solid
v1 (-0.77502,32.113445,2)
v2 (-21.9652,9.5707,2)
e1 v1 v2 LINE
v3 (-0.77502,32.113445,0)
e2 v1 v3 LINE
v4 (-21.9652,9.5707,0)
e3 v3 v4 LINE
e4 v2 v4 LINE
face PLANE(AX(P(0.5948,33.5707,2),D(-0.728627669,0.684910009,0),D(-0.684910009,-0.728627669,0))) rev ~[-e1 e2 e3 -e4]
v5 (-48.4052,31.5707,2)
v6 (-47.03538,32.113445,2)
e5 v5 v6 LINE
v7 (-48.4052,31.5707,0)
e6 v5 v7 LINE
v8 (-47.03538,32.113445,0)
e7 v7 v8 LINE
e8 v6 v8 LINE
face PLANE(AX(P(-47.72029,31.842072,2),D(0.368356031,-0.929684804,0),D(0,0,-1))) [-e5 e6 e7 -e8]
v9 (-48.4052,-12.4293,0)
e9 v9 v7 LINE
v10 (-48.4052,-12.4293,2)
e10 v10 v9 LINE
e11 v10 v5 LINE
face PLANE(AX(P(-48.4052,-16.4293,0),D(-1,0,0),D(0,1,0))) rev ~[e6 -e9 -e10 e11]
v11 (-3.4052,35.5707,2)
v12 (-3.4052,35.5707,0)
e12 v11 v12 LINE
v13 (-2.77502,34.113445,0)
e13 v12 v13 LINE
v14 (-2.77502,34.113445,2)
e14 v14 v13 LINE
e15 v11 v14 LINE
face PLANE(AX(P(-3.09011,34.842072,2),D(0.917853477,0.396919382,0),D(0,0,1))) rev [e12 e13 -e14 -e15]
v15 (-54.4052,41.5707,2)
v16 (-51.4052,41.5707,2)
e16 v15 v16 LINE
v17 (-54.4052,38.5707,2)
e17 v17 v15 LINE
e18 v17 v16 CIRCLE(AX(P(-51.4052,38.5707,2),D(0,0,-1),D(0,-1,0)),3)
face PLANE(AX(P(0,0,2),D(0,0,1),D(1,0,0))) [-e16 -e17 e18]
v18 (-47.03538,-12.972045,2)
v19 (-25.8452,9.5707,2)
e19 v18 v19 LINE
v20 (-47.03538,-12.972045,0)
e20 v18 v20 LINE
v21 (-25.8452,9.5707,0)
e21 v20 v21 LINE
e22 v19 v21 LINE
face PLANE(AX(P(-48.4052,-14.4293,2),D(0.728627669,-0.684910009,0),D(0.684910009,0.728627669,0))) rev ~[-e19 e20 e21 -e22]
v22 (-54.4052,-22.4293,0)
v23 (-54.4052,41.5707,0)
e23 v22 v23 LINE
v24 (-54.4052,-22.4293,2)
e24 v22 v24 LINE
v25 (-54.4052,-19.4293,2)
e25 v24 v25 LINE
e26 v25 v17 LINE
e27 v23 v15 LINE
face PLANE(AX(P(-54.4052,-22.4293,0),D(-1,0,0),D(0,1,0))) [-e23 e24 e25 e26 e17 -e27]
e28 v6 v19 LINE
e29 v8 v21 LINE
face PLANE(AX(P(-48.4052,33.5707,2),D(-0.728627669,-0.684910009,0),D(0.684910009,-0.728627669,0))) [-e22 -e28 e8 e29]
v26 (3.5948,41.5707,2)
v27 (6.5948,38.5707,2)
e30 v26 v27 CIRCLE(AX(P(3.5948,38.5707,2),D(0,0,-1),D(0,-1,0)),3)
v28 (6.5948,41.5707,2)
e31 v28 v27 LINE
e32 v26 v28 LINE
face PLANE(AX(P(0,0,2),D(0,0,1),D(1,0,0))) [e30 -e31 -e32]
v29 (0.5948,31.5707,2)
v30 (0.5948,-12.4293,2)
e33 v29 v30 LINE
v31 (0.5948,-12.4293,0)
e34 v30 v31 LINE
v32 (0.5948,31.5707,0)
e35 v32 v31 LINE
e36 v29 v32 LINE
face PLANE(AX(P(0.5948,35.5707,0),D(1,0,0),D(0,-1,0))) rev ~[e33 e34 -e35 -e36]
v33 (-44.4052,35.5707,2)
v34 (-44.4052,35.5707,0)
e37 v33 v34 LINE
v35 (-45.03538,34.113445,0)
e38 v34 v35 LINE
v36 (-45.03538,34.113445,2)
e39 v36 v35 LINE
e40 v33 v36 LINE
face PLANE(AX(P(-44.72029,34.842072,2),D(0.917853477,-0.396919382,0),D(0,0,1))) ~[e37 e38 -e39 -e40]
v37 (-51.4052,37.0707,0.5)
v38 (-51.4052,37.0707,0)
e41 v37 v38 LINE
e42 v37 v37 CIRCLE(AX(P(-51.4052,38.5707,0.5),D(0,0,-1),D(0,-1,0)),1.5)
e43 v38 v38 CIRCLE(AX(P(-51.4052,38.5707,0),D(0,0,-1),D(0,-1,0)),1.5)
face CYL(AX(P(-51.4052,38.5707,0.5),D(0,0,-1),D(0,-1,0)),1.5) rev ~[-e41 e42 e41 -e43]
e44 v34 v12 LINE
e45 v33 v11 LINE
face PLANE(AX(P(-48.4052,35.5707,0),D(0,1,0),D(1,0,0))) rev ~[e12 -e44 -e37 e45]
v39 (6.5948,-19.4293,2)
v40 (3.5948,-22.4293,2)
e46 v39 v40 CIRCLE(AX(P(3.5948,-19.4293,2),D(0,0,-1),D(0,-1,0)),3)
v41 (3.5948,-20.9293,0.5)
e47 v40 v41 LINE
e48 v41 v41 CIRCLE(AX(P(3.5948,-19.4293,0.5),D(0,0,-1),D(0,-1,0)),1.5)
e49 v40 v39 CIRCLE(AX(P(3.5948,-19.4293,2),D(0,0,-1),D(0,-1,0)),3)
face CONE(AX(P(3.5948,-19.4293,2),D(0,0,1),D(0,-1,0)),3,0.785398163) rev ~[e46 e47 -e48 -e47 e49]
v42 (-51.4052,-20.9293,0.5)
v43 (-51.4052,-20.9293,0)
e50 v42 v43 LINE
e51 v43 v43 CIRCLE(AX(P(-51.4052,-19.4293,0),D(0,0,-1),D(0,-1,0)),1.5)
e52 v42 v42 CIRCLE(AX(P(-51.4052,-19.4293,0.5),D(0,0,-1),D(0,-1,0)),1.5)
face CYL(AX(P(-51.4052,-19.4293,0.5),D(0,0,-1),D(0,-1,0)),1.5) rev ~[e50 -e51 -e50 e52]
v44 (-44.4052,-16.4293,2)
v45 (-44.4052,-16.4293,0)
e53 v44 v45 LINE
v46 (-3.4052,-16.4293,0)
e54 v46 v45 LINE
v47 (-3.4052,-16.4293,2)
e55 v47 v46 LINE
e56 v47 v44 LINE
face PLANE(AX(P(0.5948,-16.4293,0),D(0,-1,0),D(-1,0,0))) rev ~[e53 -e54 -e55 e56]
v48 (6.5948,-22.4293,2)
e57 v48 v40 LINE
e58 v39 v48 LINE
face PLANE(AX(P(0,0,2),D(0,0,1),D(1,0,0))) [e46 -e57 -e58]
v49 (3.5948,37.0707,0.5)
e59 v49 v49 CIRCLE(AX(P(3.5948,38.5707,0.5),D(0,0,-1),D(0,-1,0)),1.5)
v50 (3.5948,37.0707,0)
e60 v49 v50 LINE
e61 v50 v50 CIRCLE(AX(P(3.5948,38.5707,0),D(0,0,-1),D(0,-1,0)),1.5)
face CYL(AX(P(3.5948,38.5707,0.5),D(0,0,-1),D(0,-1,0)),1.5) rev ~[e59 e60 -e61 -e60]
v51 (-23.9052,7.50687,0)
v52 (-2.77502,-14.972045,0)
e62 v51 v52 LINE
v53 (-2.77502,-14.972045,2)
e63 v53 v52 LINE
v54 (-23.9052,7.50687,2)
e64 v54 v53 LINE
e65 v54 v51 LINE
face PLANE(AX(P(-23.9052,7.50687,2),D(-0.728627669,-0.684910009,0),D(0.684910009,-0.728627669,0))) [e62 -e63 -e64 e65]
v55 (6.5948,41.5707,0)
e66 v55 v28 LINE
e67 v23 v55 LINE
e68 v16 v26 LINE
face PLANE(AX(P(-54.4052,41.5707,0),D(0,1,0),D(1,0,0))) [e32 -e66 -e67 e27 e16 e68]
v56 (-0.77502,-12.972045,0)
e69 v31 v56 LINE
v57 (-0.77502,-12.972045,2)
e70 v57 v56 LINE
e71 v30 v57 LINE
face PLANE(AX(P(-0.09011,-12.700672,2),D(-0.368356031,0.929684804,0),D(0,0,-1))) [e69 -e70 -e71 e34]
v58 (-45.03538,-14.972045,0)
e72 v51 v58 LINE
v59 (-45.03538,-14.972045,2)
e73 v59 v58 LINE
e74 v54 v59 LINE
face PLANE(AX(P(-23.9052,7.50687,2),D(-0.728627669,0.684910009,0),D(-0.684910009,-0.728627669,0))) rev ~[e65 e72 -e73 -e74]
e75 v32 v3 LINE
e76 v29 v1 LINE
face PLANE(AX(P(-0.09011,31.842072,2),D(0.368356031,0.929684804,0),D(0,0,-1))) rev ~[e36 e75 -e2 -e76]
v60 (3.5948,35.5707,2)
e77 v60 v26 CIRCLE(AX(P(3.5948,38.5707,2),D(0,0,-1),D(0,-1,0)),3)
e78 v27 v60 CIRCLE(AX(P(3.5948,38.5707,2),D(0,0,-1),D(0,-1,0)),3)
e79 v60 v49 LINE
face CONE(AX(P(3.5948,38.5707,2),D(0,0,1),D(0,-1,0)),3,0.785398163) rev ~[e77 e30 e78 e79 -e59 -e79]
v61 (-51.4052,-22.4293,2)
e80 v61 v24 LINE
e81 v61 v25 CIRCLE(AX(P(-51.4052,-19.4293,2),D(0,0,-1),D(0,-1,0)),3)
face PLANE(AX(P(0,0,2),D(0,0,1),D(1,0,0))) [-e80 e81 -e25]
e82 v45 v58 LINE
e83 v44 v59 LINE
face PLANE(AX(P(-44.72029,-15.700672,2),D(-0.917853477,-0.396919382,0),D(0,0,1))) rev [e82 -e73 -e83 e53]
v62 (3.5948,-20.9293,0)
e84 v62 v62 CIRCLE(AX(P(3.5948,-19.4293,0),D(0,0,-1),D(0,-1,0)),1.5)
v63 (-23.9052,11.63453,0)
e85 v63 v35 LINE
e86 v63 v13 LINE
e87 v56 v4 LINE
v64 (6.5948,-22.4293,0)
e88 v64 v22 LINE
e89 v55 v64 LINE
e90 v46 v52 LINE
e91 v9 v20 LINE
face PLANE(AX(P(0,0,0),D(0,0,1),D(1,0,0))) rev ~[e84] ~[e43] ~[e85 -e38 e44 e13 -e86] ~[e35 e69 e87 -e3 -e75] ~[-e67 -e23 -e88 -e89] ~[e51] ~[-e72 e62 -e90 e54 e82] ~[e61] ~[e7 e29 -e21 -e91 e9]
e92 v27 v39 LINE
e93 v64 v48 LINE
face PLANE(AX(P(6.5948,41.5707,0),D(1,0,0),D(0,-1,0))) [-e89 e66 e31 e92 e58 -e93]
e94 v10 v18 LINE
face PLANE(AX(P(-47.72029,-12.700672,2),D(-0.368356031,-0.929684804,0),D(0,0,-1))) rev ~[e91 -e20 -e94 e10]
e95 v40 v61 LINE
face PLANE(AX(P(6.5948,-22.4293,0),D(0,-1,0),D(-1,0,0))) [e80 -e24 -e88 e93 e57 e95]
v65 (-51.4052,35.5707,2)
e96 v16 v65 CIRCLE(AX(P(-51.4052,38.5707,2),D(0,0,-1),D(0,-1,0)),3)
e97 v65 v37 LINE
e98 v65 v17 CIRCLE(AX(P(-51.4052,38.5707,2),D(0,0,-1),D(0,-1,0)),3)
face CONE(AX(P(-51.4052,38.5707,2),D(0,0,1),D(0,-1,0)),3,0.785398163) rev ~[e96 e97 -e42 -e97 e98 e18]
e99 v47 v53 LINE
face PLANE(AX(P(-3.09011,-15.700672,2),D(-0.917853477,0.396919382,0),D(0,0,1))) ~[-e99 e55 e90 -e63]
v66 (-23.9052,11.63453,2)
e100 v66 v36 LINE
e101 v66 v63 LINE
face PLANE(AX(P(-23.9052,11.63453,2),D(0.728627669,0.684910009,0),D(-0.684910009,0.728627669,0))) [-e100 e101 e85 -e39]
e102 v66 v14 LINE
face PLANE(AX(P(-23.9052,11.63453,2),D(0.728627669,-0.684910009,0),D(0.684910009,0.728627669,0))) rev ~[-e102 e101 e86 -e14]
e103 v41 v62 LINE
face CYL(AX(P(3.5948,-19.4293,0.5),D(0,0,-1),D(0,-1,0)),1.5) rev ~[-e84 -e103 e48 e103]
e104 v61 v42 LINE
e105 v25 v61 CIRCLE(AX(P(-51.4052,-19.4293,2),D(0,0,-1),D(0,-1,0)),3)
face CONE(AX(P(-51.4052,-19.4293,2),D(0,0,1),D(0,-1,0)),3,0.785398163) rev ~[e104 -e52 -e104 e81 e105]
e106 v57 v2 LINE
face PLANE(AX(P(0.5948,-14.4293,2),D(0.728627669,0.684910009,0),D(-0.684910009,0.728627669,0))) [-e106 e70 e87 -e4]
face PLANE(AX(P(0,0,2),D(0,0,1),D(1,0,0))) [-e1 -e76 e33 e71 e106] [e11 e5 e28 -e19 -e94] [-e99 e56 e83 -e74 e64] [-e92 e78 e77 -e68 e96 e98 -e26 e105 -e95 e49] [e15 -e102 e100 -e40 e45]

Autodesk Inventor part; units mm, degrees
ref_plane "YZ Plane" through (0, 0, 0) normal (1, 0, 0) x (0, 1, 0)
ref_plane "XZ Plane" through (0, 0, 0) normal (0, 1, 0) x (-1, 0, 0)
ref_plane "XY Plane" through (0, 0, 0) normal (0, 0, 1) x (1, 0, 0)
sketch "Sketch1" plane through (0, 0, 0) normal (0, 0, 1) x (1, 0, 0)
  line L0 (-51.4052, 38.5707) -> (3.5948, 38.5707)
  line L1 (3.5948, 38.5707) -> (3.5948, -19.4293)
  line L2 (3.5948, -19.4293) -> (-51.4052, -19.4293)
  line L3 (-51.4052, -19.4293) -> (-51.4052, 38.5707)
  line L4 (-54.4052, 41.5707) -> (6.5948, 41.5707)
  line L5 (6.5948, 41.5707) -> (6.5948, -22.4293)
  line L6 (6.5948, -22.4293) -> (-54.4052, -22.4293)
  line L7 (-54.4052, -22.4293) -> (-54.4052, 41.5707)
  line L8 (-48.4052, 35.5707) -> (0.5948, 35.5707)
  line L9 (0.5948, 35.5707) -> (0.5948, -16.4293)
  line L10 (0.5948, -16.4293) -> (-48.4052, -16.4293)
  line L11 (-48.4052, -16.4293) -> (-48.4052, 35.5707)
  point P0 (0, 0)
  dimension "d0" = 55
  dimension "d1" = 58
  dimension "d2" = 3
  dimension "d3" = 3
  dimension "d4" = 3
  dimension "d5" = 3
  dimension "d6" = 3
  dimension "d7" = 3
  dimension "d8" = 3
  dimension "d9" = 3
extrude "Extrusion1" add sketch "Sketch1" along normal blind 2 contours L0 L1 L2 L3 | L4 L5 L6 L7
sketch "Sketch2" plane through (0, 0, 2) normal (0, 0, 1) x (1, 0, 0)
  line L0 (-54.4052, 41.5707) -> (-54.4052, -22.4293) projected
  line L1 (6.5948, 41.5707) -> (-54.4052, 41.5707) projected
  line L2 (6.5948, 41.5707) -> (6.5948, -22.4293) projected
  line L3 (-54.4052, -22.4293) -> (6.5948, -22.4293) projected
  point P0 (0, 0)
  point P1 (-51.4052, 38.5707)
  point P2 (3.5948, 38.5707)
  point P3 (3.5948, -19.4293)
  point P4 (-51.4052, -19.4293)
  dimension "d12" = 3
  dimension "d13" = 3
  dimension "d14" = 3
  dimension "d15" = 3
  dimension "d16" = 3
  dimension "d17" = 3
  dimension "d18" = 3
  dimension "d19" = 3
hole "Hole1" at (-51.4052, 38.5707, 2) at (3.5948, 38.5707, 2) at (3.5948, -19.4293, 2) at (-51.4052, -19.4293, 2) direction (0, 0, -1) diameter 3 depth 8 tip angle 118 countersink diameter 6 countersink angle 90
sketch "Sketch3" plane through (0, 0, 2) normal (0, 0, 1) x (1, 0, 0)
  line L0 (-48.4052, -16.4293) -> (-48.4052, 35.5707) projected
  line L1 (0.5948, 35.5707) -> (-48.4052, 35.5707) projected
  line L2 (0.5948, 35.5707) -> (0.5948, -16.4293) projected
  line L3 (-48.4052, -16.4293) -> (0.5948, -16.4293) projected
  line L4 (-48.4052, 33.5707) -> (-1.4052, -16.4293)
  line L5 (-1.4052, -16.4293) -> (0.5948, -16.4293)
  line L6 (0.5948, -16.4293) -> (0.5948, -14.4293)
  line L7 (0.5948, -14.4293) -> (-46.4052, 35.5707)
  line L8 (-48.4052, 35.5707) -> (-46.4052, 35.5707)
  line L9 (-48.4052, 35.5707) -> (-48.4052, 33.5707)
  line L10 (-48.4052, -14.4293) -> (-1.4052, 35.5707)
  line L11 (-1.4052, 35.5707) -> (0.5948, 35.5707)
  line L12 (0.5948, 33.5707) -> (-46.4052, -16.4293)
  line L13 (-46.4052, -16.4293) -> (-48.4052, -16.4293)
  line L14 (-48.4052, -16.4293) -> (-48.4052, -14.4293)
  point P0 (0, 0)
  point P1 (-46.4052, -16.4293)
  dimension "d27" = 2
  dimension "d28" = 2
  dimension "d29" = 2
  dimension "d30" = 2
  dimension "d31" = 2
  dimension "d32" = 2
  dimension "d33" = 2
  dimension "d34" = 2
extrude "Extrusion2" add sketch "Sketch3" against normal blind 2 contours L0 L10 L4 L12 L3 | L0 L1 L7 L10 L4 | L10 L7 L12 L4 | L4 L12 L7 L2 L3 | L10 L1 L2 L12 L7
chamfer "Chamfer1" distance 2 angle 45 8 edges at (-46.4052, 35.5707, 1) (-48.4052, 33.5707, 1) (0.5948, 33.5707, 1) (-1.4052, 35.5707, 1) (0.5948, -14.4293, 1) (-1.4052, -16.4293, 1) (-48.4052, -14.4293, 1) (-46.4052, -16.4293, 1)
properties part number "Mounting Plate"
